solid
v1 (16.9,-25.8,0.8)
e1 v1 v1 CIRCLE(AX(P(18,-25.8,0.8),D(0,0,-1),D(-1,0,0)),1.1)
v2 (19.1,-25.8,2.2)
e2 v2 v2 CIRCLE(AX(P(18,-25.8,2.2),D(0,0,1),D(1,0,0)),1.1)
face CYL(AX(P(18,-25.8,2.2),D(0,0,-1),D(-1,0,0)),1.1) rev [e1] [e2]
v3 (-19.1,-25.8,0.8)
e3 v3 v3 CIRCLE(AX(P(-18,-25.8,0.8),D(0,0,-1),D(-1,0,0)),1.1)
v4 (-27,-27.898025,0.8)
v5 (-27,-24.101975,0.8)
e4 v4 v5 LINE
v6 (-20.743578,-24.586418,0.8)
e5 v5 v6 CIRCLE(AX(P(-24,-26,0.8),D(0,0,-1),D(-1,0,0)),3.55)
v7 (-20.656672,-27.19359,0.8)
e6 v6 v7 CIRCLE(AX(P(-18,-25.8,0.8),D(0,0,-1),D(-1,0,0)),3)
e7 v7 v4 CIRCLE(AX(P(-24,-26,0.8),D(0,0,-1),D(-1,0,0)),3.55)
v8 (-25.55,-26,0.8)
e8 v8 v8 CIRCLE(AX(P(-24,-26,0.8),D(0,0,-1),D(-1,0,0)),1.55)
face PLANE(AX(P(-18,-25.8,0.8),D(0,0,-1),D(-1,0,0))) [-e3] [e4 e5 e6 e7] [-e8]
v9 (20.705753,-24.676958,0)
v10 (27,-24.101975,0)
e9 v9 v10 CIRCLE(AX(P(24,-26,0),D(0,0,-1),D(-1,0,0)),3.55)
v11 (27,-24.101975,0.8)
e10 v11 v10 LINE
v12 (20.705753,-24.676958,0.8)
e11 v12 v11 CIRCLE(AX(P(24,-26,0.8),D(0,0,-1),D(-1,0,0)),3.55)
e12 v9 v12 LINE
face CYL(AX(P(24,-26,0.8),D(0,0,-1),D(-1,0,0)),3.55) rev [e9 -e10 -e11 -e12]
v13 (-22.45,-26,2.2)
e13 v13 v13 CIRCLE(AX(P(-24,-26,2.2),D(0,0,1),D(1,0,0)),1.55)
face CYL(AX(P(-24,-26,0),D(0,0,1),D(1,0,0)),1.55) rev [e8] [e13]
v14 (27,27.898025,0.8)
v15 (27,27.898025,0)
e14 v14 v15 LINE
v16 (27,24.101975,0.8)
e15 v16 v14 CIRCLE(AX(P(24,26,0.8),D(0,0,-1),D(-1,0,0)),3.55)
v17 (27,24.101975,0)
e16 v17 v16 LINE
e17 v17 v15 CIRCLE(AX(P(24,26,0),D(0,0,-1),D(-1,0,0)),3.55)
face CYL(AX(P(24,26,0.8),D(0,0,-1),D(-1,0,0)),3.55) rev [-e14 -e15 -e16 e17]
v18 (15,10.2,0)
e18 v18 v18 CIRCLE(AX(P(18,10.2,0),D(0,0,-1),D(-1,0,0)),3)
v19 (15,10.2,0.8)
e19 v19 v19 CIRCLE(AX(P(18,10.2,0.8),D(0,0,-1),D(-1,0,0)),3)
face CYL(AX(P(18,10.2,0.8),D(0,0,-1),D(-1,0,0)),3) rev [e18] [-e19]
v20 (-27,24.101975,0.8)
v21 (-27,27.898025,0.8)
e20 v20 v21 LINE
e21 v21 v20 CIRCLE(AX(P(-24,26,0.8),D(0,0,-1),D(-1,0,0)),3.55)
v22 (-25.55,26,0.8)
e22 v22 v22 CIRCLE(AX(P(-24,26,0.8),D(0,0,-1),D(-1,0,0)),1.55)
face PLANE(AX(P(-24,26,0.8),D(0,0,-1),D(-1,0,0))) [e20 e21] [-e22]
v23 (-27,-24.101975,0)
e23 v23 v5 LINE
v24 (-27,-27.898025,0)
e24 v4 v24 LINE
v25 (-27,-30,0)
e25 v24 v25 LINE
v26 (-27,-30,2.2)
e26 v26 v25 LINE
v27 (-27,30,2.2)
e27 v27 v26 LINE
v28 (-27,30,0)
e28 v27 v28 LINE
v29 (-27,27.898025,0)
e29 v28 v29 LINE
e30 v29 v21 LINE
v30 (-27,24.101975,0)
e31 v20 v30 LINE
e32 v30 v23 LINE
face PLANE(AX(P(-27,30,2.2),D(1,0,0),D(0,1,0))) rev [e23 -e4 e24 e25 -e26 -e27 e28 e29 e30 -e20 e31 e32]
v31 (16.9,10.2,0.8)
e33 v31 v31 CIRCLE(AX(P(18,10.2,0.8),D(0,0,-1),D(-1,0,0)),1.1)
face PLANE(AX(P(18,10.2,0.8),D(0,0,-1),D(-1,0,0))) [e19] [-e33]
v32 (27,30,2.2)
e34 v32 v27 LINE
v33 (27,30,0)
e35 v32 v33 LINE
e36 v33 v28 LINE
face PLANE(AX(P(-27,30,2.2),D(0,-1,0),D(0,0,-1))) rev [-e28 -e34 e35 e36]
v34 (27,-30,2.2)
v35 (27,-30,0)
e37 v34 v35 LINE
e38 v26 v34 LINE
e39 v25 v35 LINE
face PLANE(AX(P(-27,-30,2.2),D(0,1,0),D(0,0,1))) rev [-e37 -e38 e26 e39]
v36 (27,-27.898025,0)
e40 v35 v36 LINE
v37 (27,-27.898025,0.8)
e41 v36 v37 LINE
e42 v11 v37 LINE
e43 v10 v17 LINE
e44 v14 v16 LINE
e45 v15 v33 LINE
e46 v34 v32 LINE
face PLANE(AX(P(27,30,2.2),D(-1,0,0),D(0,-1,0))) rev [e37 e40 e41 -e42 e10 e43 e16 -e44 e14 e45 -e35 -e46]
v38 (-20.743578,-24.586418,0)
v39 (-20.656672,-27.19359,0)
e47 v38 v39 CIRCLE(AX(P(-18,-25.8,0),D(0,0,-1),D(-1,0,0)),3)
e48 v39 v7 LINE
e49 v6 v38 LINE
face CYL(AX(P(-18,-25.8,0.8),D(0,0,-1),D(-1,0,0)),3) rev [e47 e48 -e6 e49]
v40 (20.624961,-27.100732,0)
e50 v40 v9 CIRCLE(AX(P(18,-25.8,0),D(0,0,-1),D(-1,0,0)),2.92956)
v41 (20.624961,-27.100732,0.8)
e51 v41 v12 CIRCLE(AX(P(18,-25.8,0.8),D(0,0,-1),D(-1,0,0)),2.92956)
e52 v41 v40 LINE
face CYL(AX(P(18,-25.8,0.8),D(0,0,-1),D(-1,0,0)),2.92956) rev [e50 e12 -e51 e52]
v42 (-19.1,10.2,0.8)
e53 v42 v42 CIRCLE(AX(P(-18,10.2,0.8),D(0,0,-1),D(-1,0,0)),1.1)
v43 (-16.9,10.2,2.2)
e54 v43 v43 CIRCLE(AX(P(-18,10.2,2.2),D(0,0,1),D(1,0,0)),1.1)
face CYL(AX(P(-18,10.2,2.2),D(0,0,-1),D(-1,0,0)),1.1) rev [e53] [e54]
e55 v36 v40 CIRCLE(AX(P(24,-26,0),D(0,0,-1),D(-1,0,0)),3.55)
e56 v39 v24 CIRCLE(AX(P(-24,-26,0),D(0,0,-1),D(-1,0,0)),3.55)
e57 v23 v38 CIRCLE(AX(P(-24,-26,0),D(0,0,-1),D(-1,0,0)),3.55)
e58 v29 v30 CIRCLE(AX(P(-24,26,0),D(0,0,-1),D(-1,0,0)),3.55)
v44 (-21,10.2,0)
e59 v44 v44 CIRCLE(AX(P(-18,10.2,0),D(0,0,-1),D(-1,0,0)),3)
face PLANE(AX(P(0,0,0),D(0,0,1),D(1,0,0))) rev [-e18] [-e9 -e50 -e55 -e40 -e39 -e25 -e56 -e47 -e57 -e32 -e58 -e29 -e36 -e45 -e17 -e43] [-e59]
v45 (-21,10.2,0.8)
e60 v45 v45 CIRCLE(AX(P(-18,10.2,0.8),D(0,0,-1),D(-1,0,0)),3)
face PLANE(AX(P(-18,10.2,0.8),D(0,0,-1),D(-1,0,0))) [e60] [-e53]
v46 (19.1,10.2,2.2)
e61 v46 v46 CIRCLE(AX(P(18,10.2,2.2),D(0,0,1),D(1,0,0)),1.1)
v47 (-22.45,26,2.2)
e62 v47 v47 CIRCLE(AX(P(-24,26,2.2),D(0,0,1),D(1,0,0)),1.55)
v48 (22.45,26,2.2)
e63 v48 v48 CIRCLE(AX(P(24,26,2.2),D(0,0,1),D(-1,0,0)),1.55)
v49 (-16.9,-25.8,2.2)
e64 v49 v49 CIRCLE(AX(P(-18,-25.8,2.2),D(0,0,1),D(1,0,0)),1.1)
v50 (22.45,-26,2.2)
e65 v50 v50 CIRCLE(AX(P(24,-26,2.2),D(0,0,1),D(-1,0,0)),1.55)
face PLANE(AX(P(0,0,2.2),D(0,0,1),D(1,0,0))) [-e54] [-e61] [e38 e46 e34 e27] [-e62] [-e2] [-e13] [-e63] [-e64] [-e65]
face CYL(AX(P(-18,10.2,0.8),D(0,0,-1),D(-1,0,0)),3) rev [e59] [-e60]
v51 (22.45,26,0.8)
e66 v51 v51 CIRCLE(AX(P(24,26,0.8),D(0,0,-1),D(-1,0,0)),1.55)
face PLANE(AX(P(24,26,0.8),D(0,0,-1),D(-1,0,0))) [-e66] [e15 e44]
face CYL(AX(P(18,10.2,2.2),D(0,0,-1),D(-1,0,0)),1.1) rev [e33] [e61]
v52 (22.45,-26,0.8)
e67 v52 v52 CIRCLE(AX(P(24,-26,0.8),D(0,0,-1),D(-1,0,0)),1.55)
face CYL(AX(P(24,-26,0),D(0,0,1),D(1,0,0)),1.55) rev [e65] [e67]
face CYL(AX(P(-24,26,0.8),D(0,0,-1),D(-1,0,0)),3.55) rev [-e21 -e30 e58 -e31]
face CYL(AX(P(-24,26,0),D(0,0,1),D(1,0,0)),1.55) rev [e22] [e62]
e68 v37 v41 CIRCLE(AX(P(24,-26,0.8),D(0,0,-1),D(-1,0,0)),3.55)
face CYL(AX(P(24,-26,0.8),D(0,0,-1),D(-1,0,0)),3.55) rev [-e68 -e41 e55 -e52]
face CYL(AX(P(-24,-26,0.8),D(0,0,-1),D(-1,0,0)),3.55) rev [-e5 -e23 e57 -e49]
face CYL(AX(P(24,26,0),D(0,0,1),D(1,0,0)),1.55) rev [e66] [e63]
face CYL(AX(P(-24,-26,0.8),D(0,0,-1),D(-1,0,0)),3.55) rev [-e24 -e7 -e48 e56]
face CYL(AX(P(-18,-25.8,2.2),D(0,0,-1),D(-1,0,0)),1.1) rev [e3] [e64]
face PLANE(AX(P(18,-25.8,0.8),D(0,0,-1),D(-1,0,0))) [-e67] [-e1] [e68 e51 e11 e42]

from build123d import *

# Parameters (mm, degrees)
SKETCH_1_W          = 54
SKETCH_1_H          = 60
SKETCH_1_R          = 1.1
EXTRUDE_1_DEPTH     = 2.2
SKETCH_2_R          = 3
SKETCH_2_R_2        = 2.929560398
CUT_EXTRUDE_1_DEPTH = 0.8
SKETCH_3_R          = 1.1
SKETCH_3_R_2        = 1.55
CUT_EXTRUDE_2_DEPTH = 3.2
SKETCH_4_R          = 3.55
SKETCH_4_R_2        = 1.55
CUT_EXTRUDE_3_DEPTH = 0.8


with BuildPart() as part:
    # 草图1 → 凸台-拉伸1 (new body)
    with BuildSketch(Plane.XY):
        Rectangle(SKETCH_1_W, SKETCH_1_H)
        with Locations((-18, -25.8)):
            Circle(SKETCH_1_R, mode=Mode.SUBTRACT)
        with Locations((18, -25.8)):
            Circle(SKETCH_1_R, mode=Mode.SUBTRACT)
        with Locations((-18, 10.2)):
            Circle(SKETCH_1_R, mode=Mode.SUBTRACT)
        with Locations((18, 10.2)):
            Circle(SKETCH_1_R, mode=Mode.SUBTRACT)
    extrude(amount=EXTRUDE_1_DEPTH)

    # 草图2 → 切除-拉伸1 (cut)
    with BuildSketch(Plane(origin=(0, 0, 0), x_dir=(-1, 0, 0), z_dir=(0, 0, -1))):
        with Locations((-18, 10.2)):
            Circle(SKETCH_2_R)
        with Locations((18, 10.2)):
            Circle(SKETCH_2_R)
        with Locations((-18, -25.8)):
            Circle(SKETCH_2_R_2)
        with Locations((18, -25.8)):
            Circle(SKETCH_2_R)
    extrude(amount=-CUT_EXTRUDE_1_DEPTH, mode=Mode.SUBTRACT)

    # 草图3 → 切除-拉伸2 (cut, through all)
    with BuildSketch(Plane.XY.offset(2.2)):
        with Locations((-18, -25.8)):
            Circle(SKETCH_3_R)
        with Locations((-24, -26)):
            Circle(SKETCH_3_R_2)
        with Locations((-24, 26)):
            Circle(SKETCH_3_R_2)
        with Locations((24, -26)):
            Circle(SKETCH_3_R_2)
        with Locations((24, 26)):
            Circle(SKETCH_3_R_2)
    extrude(amount=-CUT_EXTRUDE_2_DEPTH, mode=Mode.SUBTRACT)

    # 草图4 → 切除-拉伸3 (cut)
    with BuildSketch(Plane(origin=(0, 0, 0), x_dir=(-1, 0, 0), z_dir=(0, 0, -1))):
        with Locations((-24, 26)):
            Circle(SKETCH_4_R)
        with Locations((-24, 26)):
            Circle(SKETCH_4_R_2, mode=Mode.SUBTRACT)
        with Locations((24, 26)):
            Circle(SKETCH_4_R)
        with Locations((24, 26)):
            Circle(SKETCH_4_R_2, mode=Mode.SUBTRACT)
        with Locations((24, -26)):
            Circle(SKETCH_4_R)
        with Locations((24, -26)):
            Circle(SKETCH_4_R_2, mode=Mode.SUBTRACT)
        with Locations((-24, -26)):
            Circle(SKETCH_4_R)
        with Locations((-24, -26)):
            Circle(SKETCH_4_R_2, mode=Mode.SUBTRACT)
    extrude(amount=-CUT_EXTRUDE_3_DEPTH, mode=Mode.SUBTRACT)


solid = part.part
